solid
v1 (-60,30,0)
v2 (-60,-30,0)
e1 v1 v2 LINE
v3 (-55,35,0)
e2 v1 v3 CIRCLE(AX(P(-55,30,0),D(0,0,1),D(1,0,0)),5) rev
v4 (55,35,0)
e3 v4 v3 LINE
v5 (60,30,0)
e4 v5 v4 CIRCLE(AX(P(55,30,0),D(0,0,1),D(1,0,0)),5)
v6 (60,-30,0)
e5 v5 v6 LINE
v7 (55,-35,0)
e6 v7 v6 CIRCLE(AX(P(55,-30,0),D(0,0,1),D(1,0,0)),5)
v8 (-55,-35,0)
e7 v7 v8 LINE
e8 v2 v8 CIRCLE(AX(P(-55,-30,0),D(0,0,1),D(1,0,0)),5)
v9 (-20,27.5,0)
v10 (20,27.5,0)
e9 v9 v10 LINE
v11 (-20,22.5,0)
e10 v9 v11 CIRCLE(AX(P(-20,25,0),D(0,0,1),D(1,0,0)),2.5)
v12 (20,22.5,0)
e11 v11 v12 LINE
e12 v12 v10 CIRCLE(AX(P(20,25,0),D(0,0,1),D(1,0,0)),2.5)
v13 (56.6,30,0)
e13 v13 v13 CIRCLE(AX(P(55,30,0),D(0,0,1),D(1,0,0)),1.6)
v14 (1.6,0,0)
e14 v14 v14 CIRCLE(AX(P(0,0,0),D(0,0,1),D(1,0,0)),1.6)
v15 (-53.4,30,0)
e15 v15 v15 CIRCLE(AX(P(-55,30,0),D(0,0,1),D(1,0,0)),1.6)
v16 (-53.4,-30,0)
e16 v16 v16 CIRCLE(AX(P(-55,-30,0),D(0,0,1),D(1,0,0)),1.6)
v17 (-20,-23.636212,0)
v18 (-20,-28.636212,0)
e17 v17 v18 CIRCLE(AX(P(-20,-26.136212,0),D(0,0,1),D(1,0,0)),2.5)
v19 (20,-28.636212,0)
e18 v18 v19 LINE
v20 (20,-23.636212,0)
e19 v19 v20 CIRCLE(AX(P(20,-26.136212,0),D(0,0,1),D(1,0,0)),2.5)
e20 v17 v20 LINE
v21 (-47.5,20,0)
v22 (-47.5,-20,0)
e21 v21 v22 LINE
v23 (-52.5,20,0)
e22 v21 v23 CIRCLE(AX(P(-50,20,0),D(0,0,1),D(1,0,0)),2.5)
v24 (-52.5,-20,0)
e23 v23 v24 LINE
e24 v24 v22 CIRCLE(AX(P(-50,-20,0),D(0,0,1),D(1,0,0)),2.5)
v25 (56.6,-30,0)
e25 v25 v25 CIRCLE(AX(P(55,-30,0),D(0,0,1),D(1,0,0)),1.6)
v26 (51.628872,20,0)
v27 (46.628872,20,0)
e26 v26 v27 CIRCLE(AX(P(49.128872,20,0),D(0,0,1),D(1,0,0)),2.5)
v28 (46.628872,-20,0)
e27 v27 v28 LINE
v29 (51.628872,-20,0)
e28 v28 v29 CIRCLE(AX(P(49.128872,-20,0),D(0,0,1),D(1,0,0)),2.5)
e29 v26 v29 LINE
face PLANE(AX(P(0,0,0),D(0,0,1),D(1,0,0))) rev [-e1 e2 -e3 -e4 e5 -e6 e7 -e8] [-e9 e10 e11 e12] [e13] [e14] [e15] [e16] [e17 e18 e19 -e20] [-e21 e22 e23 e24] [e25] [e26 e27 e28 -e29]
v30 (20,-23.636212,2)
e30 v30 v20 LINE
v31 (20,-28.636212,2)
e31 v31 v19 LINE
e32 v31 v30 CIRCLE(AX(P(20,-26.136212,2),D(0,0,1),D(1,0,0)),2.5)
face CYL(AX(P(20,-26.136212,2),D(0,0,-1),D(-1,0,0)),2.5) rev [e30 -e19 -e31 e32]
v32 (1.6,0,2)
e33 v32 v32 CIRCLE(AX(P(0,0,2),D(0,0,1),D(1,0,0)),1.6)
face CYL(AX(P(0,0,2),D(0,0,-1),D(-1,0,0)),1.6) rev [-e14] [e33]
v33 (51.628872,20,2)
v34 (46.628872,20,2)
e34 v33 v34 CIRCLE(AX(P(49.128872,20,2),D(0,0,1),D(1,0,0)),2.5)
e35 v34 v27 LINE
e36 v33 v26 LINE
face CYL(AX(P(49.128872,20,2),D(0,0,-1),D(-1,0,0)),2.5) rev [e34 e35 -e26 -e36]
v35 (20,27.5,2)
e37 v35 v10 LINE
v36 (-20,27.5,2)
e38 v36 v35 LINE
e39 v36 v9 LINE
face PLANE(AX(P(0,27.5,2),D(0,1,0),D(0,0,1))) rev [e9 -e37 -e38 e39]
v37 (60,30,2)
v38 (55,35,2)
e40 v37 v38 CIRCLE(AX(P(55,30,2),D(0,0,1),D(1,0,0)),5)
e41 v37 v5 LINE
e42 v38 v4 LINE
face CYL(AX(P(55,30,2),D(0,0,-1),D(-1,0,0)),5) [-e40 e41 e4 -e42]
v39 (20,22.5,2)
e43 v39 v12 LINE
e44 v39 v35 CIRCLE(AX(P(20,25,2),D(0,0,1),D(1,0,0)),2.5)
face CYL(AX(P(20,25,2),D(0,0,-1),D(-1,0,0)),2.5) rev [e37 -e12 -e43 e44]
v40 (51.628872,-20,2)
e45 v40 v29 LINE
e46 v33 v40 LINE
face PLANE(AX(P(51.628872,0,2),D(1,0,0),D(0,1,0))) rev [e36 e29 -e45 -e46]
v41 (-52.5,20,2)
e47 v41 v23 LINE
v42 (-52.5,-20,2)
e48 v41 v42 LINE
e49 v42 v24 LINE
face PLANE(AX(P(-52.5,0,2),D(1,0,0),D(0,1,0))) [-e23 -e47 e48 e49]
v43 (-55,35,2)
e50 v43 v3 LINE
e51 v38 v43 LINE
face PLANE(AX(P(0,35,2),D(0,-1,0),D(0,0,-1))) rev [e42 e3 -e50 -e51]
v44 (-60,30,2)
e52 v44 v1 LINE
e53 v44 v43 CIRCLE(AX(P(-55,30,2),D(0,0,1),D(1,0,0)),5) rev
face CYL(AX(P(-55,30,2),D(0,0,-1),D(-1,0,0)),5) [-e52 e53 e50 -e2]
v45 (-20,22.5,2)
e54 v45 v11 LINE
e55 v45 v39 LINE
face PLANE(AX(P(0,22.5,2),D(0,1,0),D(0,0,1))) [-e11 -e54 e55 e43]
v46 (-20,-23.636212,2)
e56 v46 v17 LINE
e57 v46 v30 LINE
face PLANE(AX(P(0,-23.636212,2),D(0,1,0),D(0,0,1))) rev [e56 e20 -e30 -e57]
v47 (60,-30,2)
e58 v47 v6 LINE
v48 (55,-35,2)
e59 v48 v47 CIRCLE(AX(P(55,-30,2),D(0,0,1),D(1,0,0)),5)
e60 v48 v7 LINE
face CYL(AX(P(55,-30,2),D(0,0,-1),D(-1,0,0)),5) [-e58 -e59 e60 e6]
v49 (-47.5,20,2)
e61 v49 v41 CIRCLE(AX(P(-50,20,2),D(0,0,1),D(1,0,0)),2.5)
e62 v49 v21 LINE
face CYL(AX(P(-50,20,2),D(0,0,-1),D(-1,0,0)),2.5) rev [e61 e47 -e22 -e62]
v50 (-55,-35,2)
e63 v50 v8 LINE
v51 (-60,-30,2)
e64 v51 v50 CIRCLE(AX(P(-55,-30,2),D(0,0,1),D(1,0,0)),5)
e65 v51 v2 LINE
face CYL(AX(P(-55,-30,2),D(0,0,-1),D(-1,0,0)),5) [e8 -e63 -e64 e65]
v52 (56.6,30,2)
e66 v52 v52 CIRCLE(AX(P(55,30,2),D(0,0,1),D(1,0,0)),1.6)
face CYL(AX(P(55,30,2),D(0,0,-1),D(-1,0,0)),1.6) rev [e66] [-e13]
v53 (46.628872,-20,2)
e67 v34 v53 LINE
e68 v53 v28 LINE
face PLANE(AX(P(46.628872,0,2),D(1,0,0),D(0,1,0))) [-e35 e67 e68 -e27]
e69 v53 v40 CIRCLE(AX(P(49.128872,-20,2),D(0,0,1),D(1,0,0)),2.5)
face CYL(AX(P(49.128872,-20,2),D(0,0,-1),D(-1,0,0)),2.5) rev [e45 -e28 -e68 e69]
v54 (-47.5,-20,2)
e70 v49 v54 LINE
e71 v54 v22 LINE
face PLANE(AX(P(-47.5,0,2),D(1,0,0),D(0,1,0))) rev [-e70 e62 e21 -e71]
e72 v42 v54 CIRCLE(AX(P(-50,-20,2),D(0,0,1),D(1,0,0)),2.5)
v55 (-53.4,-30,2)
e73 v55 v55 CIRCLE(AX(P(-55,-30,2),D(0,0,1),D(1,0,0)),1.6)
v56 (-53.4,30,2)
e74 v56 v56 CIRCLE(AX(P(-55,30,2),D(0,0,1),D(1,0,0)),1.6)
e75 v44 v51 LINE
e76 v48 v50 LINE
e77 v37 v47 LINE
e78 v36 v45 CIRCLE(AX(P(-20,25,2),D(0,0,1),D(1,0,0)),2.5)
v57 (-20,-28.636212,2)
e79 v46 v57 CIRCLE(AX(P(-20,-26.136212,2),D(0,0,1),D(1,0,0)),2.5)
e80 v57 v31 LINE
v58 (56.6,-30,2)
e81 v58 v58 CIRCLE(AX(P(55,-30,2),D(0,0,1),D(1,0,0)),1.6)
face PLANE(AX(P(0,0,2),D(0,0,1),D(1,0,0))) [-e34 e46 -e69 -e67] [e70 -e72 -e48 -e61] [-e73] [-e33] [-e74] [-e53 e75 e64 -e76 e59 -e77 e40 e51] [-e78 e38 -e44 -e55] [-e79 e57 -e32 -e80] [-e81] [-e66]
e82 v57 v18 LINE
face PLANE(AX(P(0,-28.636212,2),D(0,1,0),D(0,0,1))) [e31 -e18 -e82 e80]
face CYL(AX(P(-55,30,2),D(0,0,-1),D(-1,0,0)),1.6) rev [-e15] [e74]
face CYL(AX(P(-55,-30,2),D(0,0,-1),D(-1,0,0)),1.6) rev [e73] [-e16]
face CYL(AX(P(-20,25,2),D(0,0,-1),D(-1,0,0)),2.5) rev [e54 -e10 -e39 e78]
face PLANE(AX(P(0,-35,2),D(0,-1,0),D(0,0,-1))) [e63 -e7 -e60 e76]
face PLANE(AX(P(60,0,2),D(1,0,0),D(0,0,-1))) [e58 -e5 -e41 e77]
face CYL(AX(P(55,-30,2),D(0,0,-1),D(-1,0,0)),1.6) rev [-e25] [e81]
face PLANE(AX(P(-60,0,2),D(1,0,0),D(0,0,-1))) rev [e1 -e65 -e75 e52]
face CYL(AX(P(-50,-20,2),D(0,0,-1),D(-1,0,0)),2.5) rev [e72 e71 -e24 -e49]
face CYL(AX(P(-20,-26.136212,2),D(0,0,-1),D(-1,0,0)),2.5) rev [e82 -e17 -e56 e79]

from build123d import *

# Parameters (mm, degrees)
SKETCH1_R           = 1.6
BOSS_EXTRUDE1_DEPTH = 2


with BuildPart() as part:
    # Sketch1 → Boss-Extrude1 (new body)
    with BuildSketch(Plane.XY):
        with BuildLine():
            Line((55, 35), (-55, 35))
            ThreePointArc((-55, 35), (-58.535533906, 33.535533906), (-60, 30))
            Line((-60, 30), (-60, -30))
            ThreePointArc((-60, -30), (-58.535533906, -33.535533906), (-55, -35))
            Line((-55, -35), (55, -35))
            ThreePointArc((55, -35), (58.535533906, -33.535533906), (60, -30))
            Line((60, -30), (60, 30))
            ThreePointArc((60, 30), (58.535533906, 33.535533906), (55, 35))
        make_face()
        with Locations((-55, 30)):
            Circle(SKETCH1_R, mode=Mode.SUBTRACT)
        with Locations((-55, -30)):
            Circle(SKETCH1_R, mode=Mode.SUBTRACT)
        with Locations((55, -30)):
            Circle(SKETCH1_R, mode=Mode.SUBTRACT)
        with Locations((55, 30)):
            Circle(SKETCH1_R, mode=Mode.SUBTRACT)
        Circle(SKETCH1_R, mode=Mode.SUBTRACT)
        with BuildLine():
            Line((-20, 27.5), (20, 27.5))
            ThreePointArc((20, 27.5), (22.5, 25), (20, 22.5))
            Line((20, 22.5), (-20, 22.5))
            ThreePointArc((-20, 22.5), (-22.5, 25), (-20, 27.5))
        make_face(mode=Mode.SUBTRACT)
        with BuildLine():
            Line((-47.5, 20), (-47.5, -20))
            ThreePointArc((-47.5, -20), (-50, -22.5), (-52.5, -20))
            Line((-52.5, -20), (-52.5, 20))
            ThreePointArc((-52.5, 20), (-50, 22.5), (-47.5, 20))
        make_face(mode=Mode.SUBTRACT)
        with BuildLine():
            Line((-20, -23.636211525), (20, -23.636211525))
            ThreePointArc((20, -23.636211525), (22.5, -26.136211525), (20, -28.636211525))
            Line((20, -28.636211525), (-20, -28.636211525))
            ThreePointArc((-20, -28.636211525), (-22.5, -26.136211525), (-20, -23.636211525))
        make_face(mode=Mode.SUBTRACT)
        with BuildLine():
            Line((51.628871571, 20), (51.628871571, -20))
            ThreePointArc((51.628871571, -20), (49.128871571, -22.5), (46.628871571, -20))
            Line((46.628871571, -20), (46.628871571, 20))
            ThreePointArc((46.628871571, 20), (49.128871571, 22.5), (51.628871571, 20))
        make_face(mode=Mode.SUBTRACT)
    extrude(amount=BOSS_EXTRUDE1_DEPTH)


solid = part.part
